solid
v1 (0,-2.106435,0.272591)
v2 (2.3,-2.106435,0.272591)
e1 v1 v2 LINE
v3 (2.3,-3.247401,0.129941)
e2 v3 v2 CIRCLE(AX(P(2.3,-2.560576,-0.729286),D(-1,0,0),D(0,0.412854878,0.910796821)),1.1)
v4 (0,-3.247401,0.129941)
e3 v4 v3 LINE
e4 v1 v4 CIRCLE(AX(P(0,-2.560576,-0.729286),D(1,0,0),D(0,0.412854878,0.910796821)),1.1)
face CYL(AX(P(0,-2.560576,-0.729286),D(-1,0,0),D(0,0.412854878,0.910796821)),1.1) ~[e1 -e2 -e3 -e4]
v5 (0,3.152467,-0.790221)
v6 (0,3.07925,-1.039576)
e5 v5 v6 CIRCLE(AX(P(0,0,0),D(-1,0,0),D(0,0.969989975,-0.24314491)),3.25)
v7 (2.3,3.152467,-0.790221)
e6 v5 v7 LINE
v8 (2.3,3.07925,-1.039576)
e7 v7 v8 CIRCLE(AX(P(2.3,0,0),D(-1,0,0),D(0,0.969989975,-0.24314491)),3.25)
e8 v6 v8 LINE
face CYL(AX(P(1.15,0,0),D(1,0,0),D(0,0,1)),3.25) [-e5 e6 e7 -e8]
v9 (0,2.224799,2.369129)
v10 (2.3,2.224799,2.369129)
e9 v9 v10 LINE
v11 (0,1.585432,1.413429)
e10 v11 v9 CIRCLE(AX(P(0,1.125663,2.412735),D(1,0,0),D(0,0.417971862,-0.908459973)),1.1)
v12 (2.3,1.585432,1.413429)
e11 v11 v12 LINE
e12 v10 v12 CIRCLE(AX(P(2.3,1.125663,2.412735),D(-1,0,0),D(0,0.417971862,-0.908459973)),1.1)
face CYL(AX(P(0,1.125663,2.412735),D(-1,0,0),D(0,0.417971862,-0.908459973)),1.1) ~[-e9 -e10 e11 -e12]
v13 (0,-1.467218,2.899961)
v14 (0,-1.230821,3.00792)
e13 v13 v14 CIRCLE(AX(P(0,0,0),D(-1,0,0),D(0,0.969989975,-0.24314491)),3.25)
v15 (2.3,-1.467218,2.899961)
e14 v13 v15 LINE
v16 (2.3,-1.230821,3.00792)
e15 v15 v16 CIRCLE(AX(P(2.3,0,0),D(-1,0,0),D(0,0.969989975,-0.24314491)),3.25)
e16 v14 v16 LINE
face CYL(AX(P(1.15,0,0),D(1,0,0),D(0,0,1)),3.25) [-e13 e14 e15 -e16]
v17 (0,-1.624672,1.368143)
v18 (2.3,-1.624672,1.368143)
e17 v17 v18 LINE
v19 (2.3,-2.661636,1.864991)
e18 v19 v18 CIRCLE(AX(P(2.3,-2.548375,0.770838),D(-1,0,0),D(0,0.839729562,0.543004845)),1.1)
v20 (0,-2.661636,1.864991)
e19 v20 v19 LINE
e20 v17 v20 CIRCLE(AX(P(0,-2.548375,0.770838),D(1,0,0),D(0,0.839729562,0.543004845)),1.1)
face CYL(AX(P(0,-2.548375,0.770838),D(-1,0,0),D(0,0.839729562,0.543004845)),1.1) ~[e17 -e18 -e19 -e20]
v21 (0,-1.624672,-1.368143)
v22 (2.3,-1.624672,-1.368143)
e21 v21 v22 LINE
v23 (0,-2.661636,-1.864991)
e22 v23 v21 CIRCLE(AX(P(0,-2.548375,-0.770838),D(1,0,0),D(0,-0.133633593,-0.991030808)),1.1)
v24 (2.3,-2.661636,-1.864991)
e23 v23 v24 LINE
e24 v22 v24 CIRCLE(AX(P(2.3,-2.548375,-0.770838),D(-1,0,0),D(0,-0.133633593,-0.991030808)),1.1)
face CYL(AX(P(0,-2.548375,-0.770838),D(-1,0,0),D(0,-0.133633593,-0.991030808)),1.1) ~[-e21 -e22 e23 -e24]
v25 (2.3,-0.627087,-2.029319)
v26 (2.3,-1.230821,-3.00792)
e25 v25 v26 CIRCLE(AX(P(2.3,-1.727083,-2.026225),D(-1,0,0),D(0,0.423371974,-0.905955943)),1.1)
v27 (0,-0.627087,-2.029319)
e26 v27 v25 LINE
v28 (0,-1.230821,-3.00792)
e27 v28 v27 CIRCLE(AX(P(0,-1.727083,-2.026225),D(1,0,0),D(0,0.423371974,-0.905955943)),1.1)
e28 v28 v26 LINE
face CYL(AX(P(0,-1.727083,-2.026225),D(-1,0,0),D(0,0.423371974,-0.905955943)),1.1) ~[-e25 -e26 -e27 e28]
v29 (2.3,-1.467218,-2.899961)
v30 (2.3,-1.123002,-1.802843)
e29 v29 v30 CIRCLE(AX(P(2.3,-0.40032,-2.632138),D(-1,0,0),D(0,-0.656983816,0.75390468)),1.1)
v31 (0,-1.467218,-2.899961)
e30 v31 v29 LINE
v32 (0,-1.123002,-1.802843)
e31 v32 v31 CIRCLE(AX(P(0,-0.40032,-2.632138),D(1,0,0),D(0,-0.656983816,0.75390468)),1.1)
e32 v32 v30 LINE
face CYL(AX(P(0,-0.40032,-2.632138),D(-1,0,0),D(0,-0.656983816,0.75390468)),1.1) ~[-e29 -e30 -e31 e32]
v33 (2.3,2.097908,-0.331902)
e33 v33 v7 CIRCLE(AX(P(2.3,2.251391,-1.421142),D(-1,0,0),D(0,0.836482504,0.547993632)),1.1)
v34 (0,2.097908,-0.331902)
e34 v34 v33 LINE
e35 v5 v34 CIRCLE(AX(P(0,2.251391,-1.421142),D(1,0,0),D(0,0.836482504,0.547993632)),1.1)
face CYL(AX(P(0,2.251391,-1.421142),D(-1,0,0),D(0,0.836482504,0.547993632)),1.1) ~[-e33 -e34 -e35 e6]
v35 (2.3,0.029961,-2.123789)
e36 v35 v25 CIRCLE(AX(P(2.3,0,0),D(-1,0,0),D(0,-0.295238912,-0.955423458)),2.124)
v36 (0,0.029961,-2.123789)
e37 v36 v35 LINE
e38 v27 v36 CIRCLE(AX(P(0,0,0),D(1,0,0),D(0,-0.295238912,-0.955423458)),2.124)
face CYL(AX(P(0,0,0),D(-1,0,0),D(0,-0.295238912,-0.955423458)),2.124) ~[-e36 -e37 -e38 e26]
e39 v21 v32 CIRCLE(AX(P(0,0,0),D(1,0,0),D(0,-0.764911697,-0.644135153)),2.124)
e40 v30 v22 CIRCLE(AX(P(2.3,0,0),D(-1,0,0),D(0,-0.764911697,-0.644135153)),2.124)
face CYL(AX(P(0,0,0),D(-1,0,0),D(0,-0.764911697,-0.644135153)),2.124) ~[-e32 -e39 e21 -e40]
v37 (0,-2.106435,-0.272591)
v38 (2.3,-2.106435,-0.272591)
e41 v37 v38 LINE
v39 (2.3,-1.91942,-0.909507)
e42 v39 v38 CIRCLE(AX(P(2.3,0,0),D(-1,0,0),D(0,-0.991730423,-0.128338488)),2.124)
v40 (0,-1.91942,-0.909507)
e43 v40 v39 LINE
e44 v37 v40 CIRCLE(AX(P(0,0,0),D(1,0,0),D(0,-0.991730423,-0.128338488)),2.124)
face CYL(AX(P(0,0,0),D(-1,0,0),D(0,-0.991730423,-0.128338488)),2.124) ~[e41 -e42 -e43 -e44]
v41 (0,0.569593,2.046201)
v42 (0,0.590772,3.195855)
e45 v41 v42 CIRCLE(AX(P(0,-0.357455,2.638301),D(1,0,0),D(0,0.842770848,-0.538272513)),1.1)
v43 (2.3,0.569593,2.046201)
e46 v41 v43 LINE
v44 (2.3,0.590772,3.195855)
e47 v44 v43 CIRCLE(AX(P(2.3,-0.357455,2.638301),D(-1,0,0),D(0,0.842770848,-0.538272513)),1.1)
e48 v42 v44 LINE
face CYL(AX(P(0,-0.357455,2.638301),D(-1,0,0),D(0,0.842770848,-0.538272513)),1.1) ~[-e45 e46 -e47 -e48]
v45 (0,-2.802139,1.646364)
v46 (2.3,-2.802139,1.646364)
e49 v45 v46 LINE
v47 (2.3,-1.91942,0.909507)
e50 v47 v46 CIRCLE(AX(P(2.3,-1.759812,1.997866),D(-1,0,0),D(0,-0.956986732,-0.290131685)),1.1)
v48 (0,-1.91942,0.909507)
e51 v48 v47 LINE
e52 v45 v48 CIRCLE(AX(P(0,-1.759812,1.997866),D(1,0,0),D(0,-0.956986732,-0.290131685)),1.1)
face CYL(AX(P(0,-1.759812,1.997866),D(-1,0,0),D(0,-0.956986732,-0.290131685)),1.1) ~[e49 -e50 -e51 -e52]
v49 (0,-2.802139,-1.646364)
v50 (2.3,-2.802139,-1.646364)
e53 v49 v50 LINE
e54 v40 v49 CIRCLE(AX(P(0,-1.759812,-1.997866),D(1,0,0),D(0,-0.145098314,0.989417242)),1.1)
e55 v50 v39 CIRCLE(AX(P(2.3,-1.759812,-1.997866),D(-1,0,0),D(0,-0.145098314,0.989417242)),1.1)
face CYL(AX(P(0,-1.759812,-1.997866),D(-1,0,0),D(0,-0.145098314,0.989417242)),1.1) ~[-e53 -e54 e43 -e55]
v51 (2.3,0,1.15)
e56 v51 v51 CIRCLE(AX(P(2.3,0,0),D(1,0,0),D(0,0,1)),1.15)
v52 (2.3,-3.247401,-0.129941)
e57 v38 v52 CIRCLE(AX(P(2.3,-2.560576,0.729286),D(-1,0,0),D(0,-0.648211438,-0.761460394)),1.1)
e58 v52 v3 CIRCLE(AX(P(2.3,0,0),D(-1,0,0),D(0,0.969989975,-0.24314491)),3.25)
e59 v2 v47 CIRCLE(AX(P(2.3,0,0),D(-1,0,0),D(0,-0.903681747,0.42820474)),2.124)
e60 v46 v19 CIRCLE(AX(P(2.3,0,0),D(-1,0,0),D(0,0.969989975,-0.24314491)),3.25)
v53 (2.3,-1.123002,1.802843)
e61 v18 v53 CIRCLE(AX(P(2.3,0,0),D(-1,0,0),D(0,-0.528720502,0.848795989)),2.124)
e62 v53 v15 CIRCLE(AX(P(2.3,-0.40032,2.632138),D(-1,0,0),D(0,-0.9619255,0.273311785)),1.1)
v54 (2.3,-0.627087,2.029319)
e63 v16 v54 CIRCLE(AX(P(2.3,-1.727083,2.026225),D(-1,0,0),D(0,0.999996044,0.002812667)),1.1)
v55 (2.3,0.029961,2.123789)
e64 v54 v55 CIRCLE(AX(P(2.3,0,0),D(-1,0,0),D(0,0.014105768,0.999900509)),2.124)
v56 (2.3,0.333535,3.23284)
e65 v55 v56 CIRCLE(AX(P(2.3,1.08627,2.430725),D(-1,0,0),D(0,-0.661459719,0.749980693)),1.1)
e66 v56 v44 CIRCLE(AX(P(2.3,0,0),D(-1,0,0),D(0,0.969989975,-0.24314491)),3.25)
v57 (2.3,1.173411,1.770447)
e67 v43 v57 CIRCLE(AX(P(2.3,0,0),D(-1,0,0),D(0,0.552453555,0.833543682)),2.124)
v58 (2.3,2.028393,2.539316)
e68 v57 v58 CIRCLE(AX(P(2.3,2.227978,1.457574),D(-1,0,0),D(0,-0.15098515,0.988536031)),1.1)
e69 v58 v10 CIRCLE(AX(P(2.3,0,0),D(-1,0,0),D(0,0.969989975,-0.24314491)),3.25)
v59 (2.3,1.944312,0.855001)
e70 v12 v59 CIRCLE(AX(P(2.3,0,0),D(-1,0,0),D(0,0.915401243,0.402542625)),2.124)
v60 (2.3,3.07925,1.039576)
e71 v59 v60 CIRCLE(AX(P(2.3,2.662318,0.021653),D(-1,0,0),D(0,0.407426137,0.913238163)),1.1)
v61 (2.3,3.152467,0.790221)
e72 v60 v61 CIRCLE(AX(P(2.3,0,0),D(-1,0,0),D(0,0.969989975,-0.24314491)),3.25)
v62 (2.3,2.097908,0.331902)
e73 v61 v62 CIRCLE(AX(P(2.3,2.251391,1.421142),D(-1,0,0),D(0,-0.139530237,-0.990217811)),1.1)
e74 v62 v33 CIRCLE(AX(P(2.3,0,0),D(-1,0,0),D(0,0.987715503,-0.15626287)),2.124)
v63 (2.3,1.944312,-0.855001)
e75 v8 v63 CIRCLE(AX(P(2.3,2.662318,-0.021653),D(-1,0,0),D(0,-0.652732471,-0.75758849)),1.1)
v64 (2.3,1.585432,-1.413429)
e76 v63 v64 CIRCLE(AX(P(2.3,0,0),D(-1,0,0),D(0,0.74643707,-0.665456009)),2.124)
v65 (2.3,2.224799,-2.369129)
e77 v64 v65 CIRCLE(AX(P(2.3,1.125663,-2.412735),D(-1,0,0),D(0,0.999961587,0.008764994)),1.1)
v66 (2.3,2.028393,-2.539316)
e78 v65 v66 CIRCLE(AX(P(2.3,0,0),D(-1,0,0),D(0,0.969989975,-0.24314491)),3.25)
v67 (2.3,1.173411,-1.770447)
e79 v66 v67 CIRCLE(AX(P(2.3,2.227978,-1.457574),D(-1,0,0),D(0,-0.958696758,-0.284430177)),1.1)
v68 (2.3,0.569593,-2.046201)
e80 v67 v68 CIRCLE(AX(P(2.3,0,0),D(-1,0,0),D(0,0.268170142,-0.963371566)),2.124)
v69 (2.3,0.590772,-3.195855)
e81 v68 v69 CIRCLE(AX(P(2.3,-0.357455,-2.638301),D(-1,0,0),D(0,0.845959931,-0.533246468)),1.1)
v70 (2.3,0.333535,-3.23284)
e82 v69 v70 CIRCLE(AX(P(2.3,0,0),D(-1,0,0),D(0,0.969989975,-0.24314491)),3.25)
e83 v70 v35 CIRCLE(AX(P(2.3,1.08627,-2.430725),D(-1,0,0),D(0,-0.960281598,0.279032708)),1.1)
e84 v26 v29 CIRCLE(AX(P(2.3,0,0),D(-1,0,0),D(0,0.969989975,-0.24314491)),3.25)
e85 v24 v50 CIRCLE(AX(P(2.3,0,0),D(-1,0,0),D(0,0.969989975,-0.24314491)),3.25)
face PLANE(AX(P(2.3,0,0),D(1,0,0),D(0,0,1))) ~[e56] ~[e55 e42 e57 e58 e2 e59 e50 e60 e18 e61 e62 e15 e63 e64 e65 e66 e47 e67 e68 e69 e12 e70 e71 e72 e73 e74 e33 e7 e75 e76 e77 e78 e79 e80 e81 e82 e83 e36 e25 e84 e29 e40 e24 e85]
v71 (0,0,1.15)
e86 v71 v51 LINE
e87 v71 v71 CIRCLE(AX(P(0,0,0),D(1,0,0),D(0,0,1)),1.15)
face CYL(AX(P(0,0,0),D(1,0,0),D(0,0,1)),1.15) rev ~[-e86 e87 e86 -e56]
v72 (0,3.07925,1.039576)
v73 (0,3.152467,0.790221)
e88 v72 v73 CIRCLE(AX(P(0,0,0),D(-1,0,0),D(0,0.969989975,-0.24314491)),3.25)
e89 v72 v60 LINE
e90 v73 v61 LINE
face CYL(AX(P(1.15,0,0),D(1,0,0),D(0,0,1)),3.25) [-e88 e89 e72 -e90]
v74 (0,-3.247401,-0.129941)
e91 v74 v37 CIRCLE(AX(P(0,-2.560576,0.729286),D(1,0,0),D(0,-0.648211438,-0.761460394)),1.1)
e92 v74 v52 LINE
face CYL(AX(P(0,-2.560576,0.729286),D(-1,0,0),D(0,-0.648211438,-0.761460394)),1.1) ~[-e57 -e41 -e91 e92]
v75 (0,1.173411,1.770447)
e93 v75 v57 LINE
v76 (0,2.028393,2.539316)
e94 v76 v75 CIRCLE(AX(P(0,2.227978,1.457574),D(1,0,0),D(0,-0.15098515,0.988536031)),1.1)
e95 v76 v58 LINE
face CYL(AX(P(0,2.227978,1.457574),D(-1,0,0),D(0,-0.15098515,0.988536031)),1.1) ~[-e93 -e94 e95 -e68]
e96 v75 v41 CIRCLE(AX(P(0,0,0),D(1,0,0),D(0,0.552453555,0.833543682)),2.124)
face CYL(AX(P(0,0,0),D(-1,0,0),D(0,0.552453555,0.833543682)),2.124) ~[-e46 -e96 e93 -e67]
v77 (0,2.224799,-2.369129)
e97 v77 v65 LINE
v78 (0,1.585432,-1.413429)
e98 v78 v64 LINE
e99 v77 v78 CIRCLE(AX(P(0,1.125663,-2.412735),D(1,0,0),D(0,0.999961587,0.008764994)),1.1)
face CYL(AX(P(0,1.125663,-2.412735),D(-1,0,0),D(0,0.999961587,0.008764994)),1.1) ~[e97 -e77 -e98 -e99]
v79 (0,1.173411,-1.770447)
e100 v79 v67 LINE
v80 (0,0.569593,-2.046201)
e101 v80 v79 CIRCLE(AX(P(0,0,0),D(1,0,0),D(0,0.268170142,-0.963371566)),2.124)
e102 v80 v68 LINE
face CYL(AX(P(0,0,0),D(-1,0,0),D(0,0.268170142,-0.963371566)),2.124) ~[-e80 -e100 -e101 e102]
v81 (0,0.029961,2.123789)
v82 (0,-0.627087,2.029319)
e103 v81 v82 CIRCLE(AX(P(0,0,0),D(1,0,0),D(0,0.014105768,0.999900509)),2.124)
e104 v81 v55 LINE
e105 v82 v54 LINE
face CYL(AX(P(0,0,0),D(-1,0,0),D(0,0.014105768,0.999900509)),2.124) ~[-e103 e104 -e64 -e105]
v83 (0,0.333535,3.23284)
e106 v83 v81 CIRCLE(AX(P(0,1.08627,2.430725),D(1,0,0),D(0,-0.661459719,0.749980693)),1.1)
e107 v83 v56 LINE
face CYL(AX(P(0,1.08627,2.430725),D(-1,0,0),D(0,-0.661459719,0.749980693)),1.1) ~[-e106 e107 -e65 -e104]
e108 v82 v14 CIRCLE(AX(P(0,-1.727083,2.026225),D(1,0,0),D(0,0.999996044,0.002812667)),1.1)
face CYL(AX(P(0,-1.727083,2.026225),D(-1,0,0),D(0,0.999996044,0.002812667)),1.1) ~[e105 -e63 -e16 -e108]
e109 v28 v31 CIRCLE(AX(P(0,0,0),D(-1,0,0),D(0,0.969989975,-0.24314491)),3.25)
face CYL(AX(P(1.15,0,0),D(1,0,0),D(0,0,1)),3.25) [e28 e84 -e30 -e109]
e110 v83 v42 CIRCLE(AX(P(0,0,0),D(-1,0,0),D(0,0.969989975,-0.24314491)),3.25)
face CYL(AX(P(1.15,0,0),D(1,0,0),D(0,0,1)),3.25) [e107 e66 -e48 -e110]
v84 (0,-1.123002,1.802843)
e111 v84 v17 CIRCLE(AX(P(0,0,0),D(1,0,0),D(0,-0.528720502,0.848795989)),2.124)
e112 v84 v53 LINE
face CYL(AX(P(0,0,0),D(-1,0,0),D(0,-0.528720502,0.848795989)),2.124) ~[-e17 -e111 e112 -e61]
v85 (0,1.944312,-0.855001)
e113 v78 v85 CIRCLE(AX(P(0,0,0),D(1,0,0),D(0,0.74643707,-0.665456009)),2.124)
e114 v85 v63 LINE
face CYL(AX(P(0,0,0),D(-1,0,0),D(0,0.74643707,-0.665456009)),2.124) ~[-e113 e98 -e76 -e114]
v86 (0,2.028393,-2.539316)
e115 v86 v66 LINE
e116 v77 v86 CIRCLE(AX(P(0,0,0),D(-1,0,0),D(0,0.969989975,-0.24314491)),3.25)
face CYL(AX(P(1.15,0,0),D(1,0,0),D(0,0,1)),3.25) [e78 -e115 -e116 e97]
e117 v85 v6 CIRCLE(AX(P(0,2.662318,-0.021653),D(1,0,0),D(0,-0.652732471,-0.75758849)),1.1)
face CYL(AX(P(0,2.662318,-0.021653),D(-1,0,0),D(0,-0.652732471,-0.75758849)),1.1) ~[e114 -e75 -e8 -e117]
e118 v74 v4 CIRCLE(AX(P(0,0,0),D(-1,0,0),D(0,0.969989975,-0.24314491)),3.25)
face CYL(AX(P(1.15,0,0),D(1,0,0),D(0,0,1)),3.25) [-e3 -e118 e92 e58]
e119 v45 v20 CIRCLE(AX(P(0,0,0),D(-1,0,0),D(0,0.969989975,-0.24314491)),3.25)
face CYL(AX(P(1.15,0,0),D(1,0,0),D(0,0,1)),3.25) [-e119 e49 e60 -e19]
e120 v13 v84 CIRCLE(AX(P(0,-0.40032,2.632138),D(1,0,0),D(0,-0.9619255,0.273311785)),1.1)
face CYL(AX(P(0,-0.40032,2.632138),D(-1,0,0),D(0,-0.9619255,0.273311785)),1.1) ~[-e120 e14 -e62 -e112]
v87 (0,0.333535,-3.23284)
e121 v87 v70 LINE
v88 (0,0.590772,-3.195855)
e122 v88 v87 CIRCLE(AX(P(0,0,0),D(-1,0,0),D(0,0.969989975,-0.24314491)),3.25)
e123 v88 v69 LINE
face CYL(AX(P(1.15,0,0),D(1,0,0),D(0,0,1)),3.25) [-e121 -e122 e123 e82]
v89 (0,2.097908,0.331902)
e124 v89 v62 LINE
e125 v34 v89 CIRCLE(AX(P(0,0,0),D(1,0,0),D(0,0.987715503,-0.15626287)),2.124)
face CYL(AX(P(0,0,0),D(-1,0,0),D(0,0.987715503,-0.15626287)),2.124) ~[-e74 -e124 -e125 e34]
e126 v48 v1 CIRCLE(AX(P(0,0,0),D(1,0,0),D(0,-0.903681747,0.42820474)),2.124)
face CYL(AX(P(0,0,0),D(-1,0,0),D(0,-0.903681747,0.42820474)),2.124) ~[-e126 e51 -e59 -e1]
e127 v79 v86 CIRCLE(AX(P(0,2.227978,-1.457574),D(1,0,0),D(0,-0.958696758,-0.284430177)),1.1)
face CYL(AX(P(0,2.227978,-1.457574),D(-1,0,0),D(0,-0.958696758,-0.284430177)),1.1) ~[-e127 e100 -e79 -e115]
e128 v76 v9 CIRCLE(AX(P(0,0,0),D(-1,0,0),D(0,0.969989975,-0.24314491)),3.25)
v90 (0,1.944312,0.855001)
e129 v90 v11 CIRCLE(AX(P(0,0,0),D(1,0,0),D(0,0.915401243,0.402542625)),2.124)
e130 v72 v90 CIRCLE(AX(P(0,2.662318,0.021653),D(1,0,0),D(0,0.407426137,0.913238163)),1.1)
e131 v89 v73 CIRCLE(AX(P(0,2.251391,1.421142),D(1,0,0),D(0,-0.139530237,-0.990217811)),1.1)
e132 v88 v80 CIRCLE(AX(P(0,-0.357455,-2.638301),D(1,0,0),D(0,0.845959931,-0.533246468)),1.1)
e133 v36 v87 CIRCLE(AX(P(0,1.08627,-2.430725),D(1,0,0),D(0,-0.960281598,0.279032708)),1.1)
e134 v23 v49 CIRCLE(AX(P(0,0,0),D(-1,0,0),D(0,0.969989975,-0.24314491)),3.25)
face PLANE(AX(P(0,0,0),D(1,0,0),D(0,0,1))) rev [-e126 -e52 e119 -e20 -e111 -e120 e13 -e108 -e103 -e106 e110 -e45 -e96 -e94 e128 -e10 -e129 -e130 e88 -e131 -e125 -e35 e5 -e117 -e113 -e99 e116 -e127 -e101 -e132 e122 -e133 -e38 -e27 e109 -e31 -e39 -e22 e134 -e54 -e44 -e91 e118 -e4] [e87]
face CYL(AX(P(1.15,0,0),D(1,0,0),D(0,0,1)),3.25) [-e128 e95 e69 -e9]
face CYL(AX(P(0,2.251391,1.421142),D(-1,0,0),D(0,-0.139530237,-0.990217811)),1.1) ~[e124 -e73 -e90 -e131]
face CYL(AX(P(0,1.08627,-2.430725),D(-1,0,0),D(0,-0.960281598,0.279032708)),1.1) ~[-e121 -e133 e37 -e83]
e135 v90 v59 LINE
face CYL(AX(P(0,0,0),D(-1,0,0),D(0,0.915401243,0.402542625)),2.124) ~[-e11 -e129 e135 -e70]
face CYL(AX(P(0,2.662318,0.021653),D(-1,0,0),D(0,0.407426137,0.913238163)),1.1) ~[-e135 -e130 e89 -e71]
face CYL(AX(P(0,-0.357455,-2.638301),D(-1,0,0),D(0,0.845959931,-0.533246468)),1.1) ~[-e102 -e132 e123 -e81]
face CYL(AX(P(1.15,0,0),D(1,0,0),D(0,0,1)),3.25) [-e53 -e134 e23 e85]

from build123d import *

# Parameters (mm, degrees)
BASPROSKE_W     = 2.3
BASPROSKE_H     = 3.25
TOOTHCUT_DEPTH  = 6.13955251
TEETHCUTS_COUNT = 11
BORSKE_R        = 1.15
BORE_DEPTH      = 50.000508


with BuildPart() as part:
    # BasProSke → Base-Revolve (revolve)
    with BuildSketch(Plane(origin=(0, 0, 0), x_dir=(1, 0, 0), z_dir=(0, 1, 0)), mode=Mode.PRIVATE) as base_revolve_sk:
        with Locations((1.15, 1.625)):
            Rectangle(BASPROSKE_W, BASPROSKE_H)
    revolve(base_revolve_sk.sketch.rotate(Axis((-10, 0, 0), (1, 0, 0)), 180), axis=Axis((-10, 0, 0), (1, 0, 0)))

    # TooCutSke → ToothCut (cut, through all)
    with BuildSketch(Plane(origin=(0, 0, 0), x_dir=(0, 0, -1), z_dir=(1, 0, 0))):
        with BuildLine():
            ThreePointArc((0.331902335, 2.097907729), (0, 2.124), (-0.331902335, 2.097907729))
            ThreePointArc((-0.331902335, 2.097907729), (-0.419191164, 2.705367497), (-0.818348933, 3.171521746))
            ThreePointArc((-0.818348933, 3.171521746), (0, 3.2754), (0.818348933, 3.171521746))
            ThreePointArc((0.818348933, 3.171521746), (0.419191164, 2.705367497), (0.331902335, 2.097907729))
        make_face()
    toothcut = extrude(amount=TOOTHCUT_DEPTH, mode=Mode.SUBTRACT)

    # TeethCuts: ToothCut ×11 about axis
    teethcuts_axis = Axis((0, 0, 0), (1, 0, 0))
    for i in range(1, TEETHCUTS_COUNT):
        add(toothcut.rotate(teethcuts_axis, i * 360 / TEETHCUTS_COUNT), mode=Mode.SUBTRACT)

    # BorSke → Bore (cut, symmetric)
    with BuildSketch(Plane(origin=(0, 0, 0), x_dir=(0, 0, -1), z_dir=(1, 0, 0))):
        with Locations(Location((0, 0, 0), (0, 0, 180))):
            Circle(BORSKE_R)
    extrude(amount=BORE_DEPTH, both=True, mode=Mode.SUBTRACT)


solid = part.part
